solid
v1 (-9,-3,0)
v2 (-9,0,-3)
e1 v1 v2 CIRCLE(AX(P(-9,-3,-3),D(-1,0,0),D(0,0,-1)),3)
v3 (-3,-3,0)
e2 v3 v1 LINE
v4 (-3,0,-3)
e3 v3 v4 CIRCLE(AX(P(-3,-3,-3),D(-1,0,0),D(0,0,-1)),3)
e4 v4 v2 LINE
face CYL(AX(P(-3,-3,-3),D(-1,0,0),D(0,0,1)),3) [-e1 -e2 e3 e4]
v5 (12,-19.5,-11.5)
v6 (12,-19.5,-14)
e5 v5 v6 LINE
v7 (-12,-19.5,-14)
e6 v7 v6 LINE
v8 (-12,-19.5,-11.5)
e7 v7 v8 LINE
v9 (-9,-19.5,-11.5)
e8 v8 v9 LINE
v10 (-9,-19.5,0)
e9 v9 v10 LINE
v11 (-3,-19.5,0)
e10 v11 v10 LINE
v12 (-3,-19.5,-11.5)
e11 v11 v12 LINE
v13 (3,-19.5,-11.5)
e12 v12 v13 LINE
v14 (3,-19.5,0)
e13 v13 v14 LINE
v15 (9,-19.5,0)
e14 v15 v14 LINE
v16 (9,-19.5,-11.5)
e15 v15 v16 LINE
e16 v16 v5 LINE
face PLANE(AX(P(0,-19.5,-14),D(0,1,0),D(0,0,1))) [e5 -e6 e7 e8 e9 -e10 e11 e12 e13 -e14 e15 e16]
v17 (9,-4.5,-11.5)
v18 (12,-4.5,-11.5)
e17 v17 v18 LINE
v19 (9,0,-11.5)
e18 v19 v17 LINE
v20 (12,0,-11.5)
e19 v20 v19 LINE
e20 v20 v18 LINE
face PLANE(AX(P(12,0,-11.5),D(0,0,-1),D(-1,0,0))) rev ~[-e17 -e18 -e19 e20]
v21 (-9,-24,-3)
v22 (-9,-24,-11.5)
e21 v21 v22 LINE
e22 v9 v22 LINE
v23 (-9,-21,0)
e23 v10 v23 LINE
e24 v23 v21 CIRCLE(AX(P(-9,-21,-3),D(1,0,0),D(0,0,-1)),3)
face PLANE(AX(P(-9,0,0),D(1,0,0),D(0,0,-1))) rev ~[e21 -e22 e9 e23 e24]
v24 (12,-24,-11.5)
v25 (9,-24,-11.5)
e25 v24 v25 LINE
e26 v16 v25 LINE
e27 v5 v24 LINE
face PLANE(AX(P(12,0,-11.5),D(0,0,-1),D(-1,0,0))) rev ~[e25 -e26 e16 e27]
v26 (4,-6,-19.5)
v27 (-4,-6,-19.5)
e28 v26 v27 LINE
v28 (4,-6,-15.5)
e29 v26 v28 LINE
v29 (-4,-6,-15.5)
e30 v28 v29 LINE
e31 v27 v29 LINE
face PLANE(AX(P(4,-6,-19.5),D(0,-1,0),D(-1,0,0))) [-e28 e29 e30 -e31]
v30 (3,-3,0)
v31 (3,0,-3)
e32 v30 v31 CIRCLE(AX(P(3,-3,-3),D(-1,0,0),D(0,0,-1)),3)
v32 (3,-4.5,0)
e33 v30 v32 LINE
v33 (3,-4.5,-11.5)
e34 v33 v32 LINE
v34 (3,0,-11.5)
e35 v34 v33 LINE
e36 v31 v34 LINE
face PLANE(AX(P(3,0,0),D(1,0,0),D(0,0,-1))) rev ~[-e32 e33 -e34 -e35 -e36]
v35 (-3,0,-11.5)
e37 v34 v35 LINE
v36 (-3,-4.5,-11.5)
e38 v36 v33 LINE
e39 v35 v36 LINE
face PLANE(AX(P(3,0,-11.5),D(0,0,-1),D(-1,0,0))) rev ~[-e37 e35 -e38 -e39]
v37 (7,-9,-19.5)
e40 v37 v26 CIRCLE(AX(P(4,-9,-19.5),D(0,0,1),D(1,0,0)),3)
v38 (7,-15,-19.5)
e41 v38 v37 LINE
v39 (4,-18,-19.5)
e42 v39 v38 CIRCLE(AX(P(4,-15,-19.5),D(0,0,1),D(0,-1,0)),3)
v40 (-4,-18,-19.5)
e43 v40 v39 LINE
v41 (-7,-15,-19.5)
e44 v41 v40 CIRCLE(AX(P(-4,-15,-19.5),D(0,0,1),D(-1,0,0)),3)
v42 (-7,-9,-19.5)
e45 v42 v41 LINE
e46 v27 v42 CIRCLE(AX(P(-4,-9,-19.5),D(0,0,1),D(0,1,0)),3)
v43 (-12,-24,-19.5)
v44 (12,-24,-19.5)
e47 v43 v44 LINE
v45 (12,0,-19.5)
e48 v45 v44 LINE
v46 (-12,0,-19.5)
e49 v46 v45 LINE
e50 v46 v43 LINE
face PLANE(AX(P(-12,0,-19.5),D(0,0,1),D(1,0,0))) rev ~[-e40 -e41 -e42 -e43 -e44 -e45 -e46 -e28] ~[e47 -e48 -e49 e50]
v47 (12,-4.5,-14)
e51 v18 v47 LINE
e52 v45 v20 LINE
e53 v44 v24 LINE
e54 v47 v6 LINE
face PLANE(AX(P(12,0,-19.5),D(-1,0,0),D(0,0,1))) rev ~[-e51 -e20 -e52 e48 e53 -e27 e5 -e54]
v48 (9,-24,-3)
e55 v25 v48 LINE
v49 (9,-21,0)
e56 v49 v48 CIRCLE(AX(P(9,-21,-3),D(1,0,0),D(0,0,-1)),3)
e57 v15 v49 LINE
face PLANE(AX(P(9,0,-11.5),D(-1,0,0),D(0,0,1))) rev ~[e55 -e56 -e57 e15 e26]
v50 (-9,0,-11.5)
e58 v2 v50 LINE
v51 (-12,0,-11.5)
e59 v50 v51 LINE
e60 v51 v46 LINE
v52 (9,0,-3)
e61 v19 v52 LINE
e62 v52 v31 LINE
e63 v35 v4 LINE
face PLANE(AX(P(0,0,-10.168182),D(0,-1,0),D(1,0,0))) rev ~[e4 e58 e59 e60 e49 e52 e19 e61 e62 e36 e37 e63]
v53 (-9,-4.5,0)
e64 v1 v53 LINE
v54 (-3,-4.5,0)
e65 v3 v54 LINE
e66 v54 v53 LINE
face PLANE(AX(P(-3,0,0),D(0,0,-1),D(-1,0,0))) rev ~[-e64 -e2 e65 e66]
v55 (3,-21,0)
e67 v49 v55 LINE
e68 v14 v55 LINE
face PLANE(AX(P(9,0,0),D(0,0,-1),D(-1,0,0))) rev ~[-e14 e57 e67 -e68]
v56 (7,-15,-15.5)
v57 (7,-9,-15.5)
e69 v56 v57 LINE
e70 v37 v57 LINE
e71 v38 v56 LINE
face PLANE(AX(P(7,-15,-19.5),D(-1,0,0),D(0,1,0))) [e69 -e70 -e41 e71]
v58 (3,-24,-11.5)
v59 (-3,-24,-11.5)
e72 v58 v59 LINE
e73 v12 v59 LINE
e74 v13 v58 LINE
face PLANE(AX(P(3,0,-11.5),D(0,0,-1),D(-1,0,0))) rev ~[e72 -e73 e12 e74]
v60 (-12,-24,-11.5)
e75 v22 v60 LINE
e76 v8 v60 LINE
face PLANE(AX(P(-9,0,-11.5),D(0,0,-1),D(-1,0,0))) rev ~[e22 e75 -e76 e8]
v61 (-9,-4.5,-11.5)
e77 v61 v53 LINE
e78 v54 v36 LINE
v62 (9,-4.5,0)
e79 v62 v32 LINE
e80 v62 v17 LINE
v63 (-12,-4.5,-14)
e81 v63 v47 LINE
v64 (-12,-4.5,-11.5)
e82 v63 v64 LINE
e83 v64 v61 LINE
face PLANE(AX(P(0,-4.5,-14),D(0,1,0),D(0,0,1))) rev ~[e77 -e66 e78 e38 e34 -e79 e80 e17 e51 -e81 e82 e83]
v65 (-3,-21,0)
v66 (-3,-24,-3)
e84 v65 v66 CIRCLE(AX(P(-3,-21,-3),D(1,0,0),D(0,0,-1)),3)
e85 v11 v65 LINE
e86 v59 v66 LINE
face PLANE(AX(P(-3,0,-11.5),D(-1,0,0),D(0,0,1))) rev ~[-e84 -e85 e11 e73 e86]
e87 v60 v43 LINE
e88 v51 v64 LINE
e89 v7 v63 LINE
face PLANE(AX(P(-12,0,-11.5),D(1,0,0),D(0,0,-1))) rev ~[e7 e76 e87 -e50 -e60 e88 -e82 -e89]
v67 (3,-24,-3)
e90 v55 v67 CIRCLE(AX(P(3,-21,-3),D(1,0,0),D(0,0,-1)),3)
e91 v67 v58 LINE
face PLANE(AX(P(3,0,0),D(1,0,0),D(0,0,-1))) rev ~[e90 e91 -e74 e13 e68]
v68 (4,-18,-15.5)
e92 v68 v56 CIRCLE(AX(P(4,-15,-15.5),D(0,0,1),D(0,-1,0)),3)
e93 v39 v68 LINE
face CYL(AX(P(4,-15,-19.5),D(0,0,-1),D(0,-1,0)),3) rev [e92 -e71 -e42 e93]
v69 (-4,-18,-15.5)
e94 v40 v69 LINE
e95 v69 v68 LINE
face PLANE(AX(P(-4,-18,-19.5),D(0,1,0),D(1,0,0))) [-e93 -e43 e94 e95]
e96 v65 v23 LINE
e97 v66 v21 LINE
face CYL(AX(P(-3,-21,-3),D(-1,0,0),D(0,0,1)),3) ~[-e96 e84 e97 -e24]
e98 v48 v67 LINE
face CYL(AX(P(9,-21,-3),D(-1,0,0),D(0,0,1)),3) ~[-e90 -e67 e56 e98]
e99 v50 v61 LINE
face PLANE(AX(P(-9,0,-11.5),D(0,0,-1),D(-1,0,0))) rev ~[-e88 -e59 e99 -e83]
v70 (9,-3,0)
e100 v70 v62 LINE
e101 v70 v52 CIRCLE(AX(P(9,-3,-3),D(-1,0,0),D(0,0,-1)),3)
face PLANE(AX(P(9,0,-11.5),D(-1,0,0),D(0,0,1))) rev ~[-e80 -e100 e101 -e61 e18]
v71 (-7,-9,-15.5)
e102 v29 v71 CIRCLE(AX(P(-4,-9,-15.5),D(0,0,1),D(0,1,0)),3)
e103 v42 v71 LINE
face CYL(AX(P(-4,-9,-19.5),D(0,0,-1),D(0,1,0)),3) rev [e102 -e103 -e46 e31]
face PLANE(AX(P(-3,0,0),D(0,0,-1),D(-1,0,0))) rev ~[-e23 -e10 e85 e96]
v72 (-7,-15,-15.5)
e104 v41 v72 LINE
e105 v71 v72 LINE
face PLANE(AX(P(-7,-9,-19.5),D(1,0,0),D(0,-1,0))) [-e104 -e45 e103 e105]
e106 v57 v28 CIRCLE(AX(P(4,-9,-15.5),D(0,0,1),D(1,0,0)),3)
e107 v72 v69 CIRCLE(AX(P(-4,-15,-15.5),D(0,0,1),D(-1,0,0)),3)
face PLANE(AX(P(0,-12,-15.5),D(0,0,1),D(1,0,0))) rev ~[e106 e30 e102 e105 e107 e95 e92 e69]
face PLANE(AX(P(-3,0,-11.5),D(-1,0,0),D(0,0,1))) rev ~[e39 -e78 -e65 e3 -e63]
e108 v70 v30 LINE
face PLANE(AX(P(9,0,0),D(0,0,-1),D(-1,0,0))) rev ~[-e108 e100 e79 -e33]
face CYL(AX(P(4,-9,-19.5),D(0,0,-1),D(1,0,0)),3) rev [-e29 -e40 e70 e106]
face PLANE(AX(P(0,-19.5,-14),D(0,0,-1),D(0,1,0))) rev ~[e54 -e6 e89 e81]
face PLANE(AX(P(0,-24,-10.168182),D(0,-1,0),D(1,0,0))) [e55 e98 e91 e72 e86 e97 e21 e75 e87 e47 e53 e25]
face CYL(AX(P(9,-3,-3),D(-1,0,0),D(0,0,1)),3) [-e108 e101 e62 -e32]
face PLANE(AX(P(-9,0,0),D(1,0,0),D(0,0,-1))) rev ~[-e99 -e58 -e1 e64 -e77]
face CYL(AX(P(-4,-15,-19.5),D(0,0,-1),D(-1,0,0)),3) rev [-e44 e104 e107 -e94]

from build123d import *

# Parameters (mm, degrees)
F1_DEPTH = 24
F3_R     = 3
F2_W     = 15
F2_H     = 14
F4_DEPTH = 12.5
F7_DEPTH = 4


with BuildPart() as f1:
    # F0 (on Front) → F1 (new body)
    with BuildSketch(Plane.XZ):
        Polygon((3, -11.5), (0, -11.5), (-3, -11.5), (-3, 0), (-9, 0), (-9, -11.5), (-12, -11.5), (-12, -19.5), (-7, -19.5), (7, -19.5), (12, -19.5), (12, -11.5), (9, -11.5), (9, 0), (3, 0), align=None)
    extrude(amount=F1_DEPTH)

    # F3
    f3_edges = [f1.edges().sort_by_distance(p)[0] for p in [
        (-6, -24, 0),
        (6, -24, 0),
        (6, 0, 0),
        (-6, 0, 0),
    ]]
    fillet(f3_edges, radius=F3_R)

    # F2 (on Right) → F4 (cut, symmetric)
    with BuildSketch(Plane.YZ):
        with Locations((-12, -7)):
            Rectangle(F2_W, F2_H)
    extrude(amount=F4_DEPTH, both=True, mode=Mode.SUBTRACT)

    # F6 (on offset) → F7 (cut)
    with BuildSketch(Plane.XY.offset(-19.5)):
        with BuildLine():
            Line((-4, -18), (0, -18))
            Line((0, -18), (4, -18))
            ThreePointArc((4, -18), (6.1213203436, -17.1213203436), (7, -15))
            Line((7, -15), (7, -9))
            ThreePointArc((7, -9), (6.1213203436, -6.8786796564), (4, -6))
            Line((4, -6), (0, -6))
            Line((0, -6), (-4, -6))
            ThreePointArc((-4, -6), (-6.1213203436, -6.8786796564), (-7, -9))
            Line((-7, -9), (-7, -15))
            ThreePointArc((-7, -15), (-6.1213203436, -17.1213203436), (-4, -18))
        make_face()
    extrude(amount=F7_DEPTH, mode=Mode.SUBTRACT)


solid = f1.part
